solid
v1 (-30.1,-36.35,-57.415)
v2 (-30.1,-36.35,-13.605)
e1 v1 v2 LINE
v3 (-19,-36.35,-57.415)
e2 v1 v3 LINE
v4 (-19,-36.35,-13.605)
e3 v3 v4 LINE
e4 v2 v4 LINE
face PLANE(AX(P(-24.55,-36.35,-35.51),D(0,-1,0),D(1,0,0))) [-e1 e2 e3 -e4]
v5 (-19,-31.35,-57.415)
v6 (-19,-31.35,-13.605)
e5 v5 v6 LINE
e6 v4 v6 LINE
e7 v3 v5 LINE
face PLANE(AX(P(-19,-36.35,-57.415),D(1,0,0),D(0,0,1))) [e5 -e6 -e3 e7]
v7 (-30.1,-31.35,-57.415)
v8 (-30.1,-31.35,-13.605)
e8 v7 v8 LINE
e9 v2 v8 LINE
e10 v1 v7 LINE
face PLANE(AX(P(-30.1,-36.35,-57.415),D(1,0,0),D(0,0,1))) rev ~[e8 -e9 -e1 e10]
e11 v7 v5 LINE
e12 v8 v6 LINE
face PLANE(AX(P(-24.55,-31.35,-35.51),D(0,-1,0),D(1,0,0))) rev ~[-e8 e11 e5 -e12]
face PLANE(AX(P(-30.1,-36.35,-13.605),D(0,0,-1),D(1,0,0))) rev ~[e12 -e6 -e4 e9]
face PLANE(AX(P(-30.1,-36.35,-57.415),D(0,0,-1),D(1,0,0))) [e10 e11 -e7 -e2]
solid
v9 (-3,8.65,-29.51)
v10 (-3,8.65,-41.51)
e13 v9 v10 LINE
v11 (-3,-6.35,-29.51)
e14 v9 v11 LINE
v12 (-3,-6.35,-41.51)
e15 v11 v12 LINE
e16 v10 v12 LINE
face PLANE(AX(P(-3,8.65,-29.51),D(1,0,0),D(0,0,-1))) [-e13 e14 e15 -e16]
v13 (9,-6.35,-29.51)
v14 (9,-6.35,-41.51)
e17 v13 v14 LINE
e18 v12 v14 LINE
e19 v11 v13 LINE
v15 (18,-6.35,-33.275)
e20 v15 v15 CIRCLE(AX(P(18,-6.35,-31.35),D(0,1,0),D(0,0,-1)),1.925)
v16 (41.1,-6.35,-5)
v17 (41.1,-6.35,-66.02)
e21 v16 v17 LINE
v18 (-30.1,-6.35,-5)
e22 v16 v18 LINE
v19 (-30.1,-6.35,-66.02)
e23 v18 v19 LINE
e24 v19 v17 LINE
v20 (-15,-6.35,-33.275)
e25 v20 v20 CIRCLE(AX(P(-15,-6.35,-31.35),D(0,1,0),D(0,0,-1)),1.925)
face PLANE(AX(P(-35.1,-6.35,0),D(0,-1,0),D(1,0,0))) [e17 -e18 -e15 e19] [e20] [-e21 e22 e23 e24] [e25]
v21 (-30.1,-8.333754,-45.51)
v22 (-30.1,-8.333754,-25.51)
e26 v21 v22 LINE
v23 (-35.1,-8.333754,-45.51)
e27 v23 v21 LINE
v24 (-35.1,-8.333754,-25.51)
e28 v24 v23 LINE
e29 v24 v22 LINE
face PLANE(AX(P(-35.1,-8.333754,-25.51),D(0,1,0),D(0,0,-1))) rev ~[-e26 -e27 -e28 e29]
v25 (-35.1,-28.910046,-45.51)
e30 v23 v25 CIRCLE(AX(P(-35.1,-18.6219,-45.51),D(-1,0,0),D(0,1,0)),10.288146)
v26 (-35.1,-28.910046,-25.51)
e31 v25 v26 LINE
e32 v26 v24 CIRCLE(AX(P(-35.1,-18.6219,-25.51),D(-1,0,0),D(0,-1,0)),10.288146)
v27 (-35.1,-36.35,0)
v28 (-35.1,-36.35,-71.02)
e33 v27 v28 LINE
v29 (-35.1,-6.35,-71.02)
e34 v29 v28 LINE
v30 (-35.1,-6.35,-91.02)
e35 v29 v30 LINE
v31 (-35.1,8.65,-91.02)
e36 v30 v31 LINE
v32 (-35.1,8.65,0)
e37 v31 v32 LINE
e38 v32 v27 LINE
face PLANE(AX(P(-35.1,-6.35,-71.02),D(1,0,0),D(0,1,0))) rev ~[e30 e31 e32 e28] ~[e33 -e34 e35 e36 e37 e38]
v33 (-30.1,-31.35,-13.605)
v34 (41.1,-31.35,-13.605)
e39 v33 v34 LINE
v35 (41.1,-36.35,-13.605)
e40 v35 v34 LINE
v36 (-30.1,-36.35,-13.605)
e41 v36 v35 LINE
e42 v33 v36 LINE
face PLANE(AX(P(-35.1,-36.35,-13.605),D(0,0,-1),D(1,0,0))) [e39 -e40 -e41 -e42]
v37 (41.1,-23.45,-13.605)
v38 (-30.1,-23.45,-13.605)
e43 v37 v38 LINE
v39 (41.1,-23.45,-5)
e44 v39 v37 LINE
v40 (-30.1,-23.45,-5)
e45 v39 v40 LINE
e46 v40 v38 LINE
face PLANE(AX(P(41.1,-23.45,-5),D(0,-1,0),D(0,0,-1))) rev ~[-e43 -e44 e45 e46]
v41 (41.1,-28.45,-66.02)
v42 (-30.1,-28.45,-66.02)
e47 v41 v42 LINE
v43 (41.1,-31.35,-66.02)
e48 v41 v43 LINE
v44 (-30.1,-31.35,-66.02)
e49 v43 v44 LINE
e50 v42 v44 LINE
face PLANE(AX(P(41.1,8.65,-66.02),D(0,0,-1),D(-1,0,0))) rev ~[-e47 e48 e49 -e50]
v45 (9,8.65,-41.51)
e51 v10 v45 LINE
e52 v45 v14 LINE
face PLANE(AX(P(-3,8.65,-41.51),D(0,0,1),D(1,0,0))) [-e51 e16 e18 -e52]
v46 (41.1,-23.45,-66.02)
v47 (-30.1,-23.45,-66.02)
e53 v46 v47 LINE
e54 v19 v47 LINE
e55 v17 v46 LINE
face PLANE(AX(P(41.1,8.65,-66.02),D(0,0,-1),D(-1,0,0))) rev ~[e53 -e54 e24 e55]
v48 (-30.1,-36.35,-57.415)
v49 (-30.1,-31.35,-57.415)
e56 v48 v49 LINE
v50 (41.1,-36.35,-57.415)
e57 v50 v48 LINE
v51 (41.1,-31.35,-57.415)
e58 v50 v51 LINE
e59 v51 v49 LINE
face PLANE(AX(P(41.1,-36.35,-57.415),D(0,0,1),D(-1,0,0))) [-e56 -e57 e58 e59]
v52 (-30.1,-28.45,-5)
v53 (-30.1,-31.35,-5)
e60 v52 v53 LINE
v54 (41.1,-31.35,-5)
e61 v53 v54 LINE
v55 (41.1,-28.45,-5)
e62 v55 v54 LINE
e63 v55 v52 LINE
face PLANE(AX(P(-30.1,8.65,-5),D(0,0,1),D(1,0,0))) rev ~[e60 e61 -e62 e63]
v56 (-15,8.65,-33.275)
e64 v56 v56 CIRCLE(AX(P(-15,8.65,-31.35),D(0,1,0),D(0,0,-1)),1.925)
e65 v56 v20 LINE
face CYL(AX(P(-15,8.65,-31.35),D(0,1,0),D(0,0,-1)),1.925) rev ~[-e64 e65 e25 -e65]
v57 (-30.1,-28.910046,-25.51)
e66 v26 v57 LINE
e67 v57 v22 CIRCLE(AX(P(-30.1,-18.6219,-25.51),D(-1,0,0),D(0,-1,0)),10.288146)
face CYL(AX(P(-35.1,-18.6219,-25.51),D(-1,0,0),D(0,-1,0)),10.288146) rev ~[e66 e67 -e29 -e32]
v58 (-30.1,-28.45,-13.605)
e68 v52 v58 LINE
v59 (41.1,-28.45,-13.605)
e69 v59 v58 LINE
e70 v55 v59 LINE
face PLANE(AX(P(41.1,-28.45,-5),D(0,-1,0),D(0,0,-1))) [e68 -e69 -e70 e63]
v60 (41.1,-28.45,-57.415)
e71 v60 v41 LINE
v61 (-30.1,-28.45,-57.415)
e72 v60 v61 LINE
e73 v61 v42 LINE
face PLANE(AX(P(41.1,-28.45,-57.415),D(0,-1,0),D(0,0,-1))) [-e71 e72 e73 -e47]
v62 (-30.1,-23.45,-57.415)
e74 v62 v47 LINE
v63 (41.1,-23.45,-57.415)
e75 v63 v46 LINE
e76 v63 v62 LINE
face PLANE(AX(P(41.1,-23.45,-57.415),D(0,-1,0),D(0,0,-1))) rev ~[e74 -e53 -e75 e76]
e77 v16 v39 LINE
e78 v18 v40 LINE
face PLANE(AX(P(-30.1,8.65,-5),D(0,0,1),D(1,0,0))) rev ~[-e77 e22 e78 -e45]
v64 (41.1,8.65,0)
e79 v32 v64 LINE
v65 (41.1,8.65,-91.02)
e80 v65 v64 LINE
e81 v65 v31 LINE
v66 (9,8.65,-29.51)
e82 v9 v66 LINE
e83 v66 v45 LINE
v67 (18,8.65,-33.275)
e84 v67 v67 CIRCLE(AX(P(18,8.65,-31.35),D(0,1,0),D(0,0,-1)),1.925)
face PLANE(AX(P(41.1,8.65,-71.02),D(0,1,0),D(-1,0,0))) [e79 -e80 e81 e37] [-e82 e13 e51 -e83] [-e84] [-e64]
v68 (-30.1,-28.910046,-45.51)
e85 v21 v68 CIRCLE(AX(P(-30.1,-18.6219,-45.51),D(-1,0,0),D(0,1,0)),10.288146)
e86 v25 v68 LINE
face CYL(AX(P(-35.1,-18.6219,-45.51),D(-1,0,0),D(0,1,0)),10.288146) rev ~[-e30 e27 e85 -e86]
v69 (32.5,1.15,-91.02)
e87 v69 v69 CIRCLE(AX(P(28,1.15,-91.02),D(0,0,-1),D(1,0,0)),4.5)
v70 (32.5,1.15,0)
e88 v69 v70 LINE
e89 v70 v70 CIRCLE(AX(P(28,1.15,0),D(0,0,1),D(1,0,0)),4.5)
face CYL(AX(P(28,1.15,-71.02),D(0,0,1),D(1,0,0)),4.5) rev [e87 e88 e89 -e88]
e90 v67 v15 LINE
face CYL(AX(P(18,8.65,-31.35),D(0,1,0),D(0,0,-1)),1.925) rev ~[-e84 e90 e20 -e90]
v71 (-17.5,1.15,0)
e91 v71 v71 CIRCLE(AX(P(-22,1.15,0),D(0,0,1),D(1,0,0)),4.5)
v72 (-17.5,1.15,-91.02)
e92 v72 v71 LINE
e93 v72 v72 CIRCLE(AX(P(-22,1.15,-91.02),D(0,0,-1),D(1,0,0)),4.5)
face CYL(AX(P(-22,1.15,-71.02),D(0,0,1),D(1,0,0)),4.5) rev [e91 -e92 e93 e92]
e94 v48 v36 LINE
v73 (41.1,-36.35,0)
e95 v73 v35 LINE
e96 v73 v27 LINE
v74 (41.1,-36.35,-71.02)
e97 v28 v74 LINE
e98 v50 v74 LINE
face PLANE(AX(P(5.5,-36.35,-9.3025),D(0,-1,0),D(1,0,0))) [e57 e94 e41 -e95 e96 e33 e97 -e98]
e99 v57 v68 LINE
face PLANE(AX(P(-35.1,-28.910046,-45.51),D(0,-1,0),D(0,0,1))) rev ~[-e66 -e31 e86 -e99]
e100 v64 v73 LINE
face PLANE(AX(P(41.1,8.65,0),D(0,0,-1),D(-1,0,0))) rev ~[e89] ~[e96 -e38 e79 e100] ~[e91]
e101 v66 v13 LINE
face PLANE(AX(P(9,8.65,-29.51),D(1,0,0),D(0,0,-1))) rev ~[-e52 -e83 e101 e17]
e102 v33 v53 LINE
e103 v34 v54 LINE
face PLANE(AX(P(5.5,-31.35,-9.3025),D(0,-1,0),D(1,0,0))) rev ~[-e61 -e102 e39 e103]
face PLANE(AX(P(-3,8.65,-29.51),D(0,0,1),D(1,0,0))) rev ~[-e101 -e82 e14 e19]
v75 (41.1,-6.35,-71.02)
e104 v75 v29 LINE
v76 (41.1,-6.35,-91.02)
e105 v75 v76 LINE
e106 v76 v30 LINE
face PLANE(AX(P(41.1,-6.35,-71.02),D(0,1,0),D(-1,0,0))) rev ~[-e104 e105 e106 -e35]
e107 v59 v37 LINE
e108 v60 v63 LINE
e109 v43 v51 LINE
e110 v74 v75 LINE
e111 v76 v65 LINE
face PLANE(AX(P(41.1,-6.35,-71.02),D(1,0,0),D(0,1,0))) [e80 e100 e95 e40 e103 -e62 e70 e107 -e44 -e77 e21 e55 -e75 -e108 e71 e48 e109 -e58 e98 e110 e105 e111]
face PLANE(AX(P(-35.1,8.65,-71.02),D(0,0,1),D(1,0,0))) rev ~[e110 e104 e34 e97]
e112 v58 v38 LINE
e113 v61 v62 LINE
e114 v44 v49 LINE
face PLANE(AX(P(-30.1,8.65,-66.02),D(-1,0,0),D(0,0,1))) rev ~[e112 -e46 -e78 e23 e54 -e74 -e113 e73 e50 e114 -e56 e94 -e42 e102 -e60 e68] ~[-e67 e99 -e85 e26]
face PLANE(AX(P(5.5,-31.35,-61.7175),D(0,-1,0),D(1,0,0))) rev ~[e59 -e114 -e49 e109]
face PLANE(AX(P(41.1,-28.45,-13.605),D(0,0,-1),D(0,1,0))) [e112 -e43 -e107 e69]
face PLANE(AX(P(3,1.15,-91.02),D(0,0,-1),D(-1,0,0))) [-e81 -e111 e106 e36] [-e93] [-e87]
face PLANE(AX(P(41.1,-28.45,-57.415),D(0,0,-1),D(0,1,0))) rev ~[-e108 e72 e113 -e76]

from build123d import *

# Parameters (mm, degrees)
SKETCH2_W                 = 76.2
SKETCH2_H                 = 15
SKETCH2_R                 = 3.96875
TOP_FAILED_HOLES_DEPTH    = 71.02
WALLS_DEPTH               = 45
SKETCH14_R                = 4.5
ROD_HOLES_DEPTH           = 90.746158135
SKETCH15_W                = 71.2
SKETCH15_H                = 8.605
BASE_HOLD_SYRINGE_DEPTH   = 5
SKETCH16_W                = 76.2
SKETCH16_H                = 15
SKETCH16_R                = 4.5
EXTENSION_FOR_MOTOR_DEPTH = 20
TRACK_AND_SCREWS_REACH    = 111.539
SKETCH6_R                 = 1.925
SKETCH6_W                 = 12
SKETCH6_H                 = 12
SECURE_SYRING_REACH       = 126.147
SKETCH18_W                = 8.605
SKETCH18_H                = 5
CUT_EXTRUDE1_REACH        = 126.147
SKETCH22_W                = 11.1
SKETCH22_H                = 43.81
BOSS_EXTRUDE1_DEPTH       = 5


with BuildPart() as part:
    # Sketch2 → Top + failed holes (new body)
    with BuildSketch(Plane.XY):
        with Locations((3, 1.15)):
            Rectangle(SKETCH2_W, SKETCH2_H)
        with Locations((-22, 1.15)):
            Circle(SKETCH2_R, mode=Mode.SUBTRACT)
        with Locations((28, 1.15)):
            Circle(SKETCH2_R, mode=Mode.SUBTRACT)
    extrude(amount=-TOP_FAILED_HOLES_DEPTH)

    # Sketch13 → Walls (add)
    with BuildSketch(Plane(origin=(0, 8.65, 0), x_dir=(1, 0, 0), z_dir=(0, 1, 0))):
        Polygon((-35.1, 71.02), (41.1, 71.02), (41.1, 66.02), (-30.1, 66.02), (-30.1, 5), (41.1, 5), (41.1, 0), (-35.1, 0), align=None)
    extrude(amount=-WALLS_DEPTH)

    # Sketch14 → Rod Holes (cut, through all)
    with BuildSketch(Plane.XY):
        with Locations((-22, 1.15)):
            Circle(SKETCH14_R)
        with Locations((28, 1.15)):
            Circle(SKETCH14_R)
    extrude(amount=-ROD_HOLES_DEPTH, mode=Mode.SUBTRACT)

    # Sketch15 → Base hold syringe (add)
    with BuildSketch(Plane.XZ.offset(36.35)):
        Polygon((41.1, -12.083250566), (41.1, -5), (-30.1, -5), (-30.1, -13.605), (41.1, -13.605), align=None)
        Polygon((41.1, 0), (-35.1, 0), (-35.1, -12.083250566), (-35.1, -13.605), (-30.1, -13.605), (-30.1, -5), (41.1, -5), align=None)
        with Locations((5.5, -61.7175)):
            Rectangle(SKETCH15_W, SKETCH15_H)
        Polygon((-30.1, -57.415), (-35.1, -57.415), (-35.1, -71.02), (41.1, -71.02), (41.1, -66.02), (-30.1, -66.02), align=None)
    extrude(amount=-BASE_HOLD_SYRINGE_DEPTH)

    # Sketch16 → extension for motor (add)
    with BuildSketch(Plane(origin=(0, 0, -71.02), x_dir=(-1, 0, 0), z_dir=(0, 0, -1))):
        with Locations((-3, 1.15)):
            Rectangle(SKETCH16_W, SKETCH16_H)
        with Locations(Location((-28, 1.15, 0), (0, 0, 180))):
            Circle(SKETCH16_R, mode=Mode.SUBTRACT)
        with Locations(Location((22, 1.15, 0), (0, 0, 180))):
            Circle(SKETCH16_R, mode=Mode.SUBTRACT)
    extrude(amount=EXTENSION_FOR_MOTOR_DEPTH)

    # Sketch6 → Track and screws (cut, up to next)
    with BuildSketch(Plane(origin=(0, 8.65, 0), x_dir=(1, 0, 0), z_dir=(0, 1, 0)), mode=Mode.PRIVATE) as track_and_screws_sk1:
        with Locations(Location((18, 31.35, 0), (0, 0, 90))):
            Circle(SKETCH6_R)
    track_and_screws_tool1 = extrude(track_and_screws_sk1.sketch, amount=-TRACK_AND_SCREWS_REACH, mode=Mode.PRIVATE) & part.part
    # Sketch6 → Track and screws (cut, up to next)
    with BuildSketch(Plane(origin=(0, 8.65, 0), x_dir=(1, 0, 0), z_dir=(0, 1, 0)), mode=Mode.PRIVATE) as track_and_screws_sk2:
        with Locations(Location((-15, 31.35, 0), (0, 0, 90))):
            Circle(SKETCH6_R)
    track_and_screws_tool2 = extrude(track_and_screws_sk2.sketch, amount=-TRACK_AND_SCREWS_REACH, mode=Mode.PRIVATE) & part.part
    # Sketch6 → Track and screws (cut, up to next)
    with BuildSketch(Plane(origin=(0, 8.65, 0), x_dir=(1, 0, 0), z_dir=(0, 1, 0)), mode=Mode.PRIVATE) as track_and_screws_sk3:
        with Locations((3, 35.51)):
            Rectangle(SKETCH6_W, SKETCH6_H)
    track_and_screws_tool3 = extrude(track_and_screws_sk3.sketch, amount=-TRACK_AND_SCREWS_REACH, mode=Mode.PRIVATE) & part.part
    add(track_and_screws_tool1.solids().sort_by_distance((18, 8.65, -31.35))[0], mode=Mode.SUBTRACT)
    add(track_and_screws_tool2.solids().sort_by_distance((-15, 8.65, -31.35))[0], mode=Mode.SUBTRACT)
    add(track_and_screws_tool3.solids().sort_by_distance((3, 8.65, -35.51))[0], mode=Mode.SUBTRACT)

    # Sketch18 → Secure syring (add, up to next)
    with BuildSketch(Plane(origin=(41.1, 0, 0), x_dir=(0, 0, -1), z_dir=(1, 0, 0)), mode=Mode.PRIVATE) as secure_syring_sk1:
        with Locations((9.3025, -25.95)):
            Rectangle(SKETCH18_W, SKETCH18_H)
    secure_syring_tool1 = extrude(secure_syring_sk1.sketch, amount=-SECURE_SYRING_REACH, mode=Mode.PRIVATE) - part.part
    # Sketch18 → Secure syring (add, up to next)
    with BuildSketch(Plane(origin=(41.1, 0, 0), x_dir=(0, 0, -1), z_dir=(1, 0, 0)), mode=Mode.PRIVATE) as secure_syring_sk2:
        with Locations((61.7175, -25.95)):
            Rectangle(SKETCH18_W, SKETCH18_H)
    secure_syring_tool2 = extrude(secure_syring_sk2.sketch, amount=-SECURE_SYRING_REACH, mode=Mode.PRIVATE) - part.part
    add(secure_syring_tool1.solids().sort_by_distance((41.1, -25.95, -9.3025))[0])
    add(secure_syring_tool2.solids().sort_by_distance((41.1, -25.95, -61.7175))[0])

    # Sketch21 → Cut-Extrude1 (cut, up to next)
    with BuildSketch(Plane.ZY.offset(35.1), mode=Mode.PRIVATE) as cut_extrude1_sk1:
        with BuildLine():
            Line((-45.51, -28.910046273), (-25.51, -28.910046273))
            ThreePointArc((-25.51, -28.910046273), (-15.221854007, -18.62190028), (-25.51, -8.333754287))
            Line((-25.51, -8.333754287), (-45.51, -8.333754287))
            ThreePointArc((-45.51, -8.333754287), (-55.798145993, -18.62190028), (-45.51, -28.910046273))
        make_face()
    cut_extrude1_tool1 = extrude(cut_extrude1_sk1.sketch, amount=-CUT_EXTRUDE1_REACH, mode=Mode.PRIVATE) & part.part
    add(cut_extrude1_tool1.solids().sort_by_distance((-35.1, -18.6219, -35.51))[0], mode=Mode.SUBTRACT)


with BuildPart() as body_2:
    # Sketch22 → Boss-Extrude1 (new body)
    with BuildSketch(Plane.XZ.offset(36.35)):
        with Locations((-24.55, -35.51)):
            Rectangle(SKETCH22_W, SKETCH22_H)
    extrude(amount=-BOSS_EXTRUDE1_DEPTH)


solid = Compound([part.part, body_2.part])
